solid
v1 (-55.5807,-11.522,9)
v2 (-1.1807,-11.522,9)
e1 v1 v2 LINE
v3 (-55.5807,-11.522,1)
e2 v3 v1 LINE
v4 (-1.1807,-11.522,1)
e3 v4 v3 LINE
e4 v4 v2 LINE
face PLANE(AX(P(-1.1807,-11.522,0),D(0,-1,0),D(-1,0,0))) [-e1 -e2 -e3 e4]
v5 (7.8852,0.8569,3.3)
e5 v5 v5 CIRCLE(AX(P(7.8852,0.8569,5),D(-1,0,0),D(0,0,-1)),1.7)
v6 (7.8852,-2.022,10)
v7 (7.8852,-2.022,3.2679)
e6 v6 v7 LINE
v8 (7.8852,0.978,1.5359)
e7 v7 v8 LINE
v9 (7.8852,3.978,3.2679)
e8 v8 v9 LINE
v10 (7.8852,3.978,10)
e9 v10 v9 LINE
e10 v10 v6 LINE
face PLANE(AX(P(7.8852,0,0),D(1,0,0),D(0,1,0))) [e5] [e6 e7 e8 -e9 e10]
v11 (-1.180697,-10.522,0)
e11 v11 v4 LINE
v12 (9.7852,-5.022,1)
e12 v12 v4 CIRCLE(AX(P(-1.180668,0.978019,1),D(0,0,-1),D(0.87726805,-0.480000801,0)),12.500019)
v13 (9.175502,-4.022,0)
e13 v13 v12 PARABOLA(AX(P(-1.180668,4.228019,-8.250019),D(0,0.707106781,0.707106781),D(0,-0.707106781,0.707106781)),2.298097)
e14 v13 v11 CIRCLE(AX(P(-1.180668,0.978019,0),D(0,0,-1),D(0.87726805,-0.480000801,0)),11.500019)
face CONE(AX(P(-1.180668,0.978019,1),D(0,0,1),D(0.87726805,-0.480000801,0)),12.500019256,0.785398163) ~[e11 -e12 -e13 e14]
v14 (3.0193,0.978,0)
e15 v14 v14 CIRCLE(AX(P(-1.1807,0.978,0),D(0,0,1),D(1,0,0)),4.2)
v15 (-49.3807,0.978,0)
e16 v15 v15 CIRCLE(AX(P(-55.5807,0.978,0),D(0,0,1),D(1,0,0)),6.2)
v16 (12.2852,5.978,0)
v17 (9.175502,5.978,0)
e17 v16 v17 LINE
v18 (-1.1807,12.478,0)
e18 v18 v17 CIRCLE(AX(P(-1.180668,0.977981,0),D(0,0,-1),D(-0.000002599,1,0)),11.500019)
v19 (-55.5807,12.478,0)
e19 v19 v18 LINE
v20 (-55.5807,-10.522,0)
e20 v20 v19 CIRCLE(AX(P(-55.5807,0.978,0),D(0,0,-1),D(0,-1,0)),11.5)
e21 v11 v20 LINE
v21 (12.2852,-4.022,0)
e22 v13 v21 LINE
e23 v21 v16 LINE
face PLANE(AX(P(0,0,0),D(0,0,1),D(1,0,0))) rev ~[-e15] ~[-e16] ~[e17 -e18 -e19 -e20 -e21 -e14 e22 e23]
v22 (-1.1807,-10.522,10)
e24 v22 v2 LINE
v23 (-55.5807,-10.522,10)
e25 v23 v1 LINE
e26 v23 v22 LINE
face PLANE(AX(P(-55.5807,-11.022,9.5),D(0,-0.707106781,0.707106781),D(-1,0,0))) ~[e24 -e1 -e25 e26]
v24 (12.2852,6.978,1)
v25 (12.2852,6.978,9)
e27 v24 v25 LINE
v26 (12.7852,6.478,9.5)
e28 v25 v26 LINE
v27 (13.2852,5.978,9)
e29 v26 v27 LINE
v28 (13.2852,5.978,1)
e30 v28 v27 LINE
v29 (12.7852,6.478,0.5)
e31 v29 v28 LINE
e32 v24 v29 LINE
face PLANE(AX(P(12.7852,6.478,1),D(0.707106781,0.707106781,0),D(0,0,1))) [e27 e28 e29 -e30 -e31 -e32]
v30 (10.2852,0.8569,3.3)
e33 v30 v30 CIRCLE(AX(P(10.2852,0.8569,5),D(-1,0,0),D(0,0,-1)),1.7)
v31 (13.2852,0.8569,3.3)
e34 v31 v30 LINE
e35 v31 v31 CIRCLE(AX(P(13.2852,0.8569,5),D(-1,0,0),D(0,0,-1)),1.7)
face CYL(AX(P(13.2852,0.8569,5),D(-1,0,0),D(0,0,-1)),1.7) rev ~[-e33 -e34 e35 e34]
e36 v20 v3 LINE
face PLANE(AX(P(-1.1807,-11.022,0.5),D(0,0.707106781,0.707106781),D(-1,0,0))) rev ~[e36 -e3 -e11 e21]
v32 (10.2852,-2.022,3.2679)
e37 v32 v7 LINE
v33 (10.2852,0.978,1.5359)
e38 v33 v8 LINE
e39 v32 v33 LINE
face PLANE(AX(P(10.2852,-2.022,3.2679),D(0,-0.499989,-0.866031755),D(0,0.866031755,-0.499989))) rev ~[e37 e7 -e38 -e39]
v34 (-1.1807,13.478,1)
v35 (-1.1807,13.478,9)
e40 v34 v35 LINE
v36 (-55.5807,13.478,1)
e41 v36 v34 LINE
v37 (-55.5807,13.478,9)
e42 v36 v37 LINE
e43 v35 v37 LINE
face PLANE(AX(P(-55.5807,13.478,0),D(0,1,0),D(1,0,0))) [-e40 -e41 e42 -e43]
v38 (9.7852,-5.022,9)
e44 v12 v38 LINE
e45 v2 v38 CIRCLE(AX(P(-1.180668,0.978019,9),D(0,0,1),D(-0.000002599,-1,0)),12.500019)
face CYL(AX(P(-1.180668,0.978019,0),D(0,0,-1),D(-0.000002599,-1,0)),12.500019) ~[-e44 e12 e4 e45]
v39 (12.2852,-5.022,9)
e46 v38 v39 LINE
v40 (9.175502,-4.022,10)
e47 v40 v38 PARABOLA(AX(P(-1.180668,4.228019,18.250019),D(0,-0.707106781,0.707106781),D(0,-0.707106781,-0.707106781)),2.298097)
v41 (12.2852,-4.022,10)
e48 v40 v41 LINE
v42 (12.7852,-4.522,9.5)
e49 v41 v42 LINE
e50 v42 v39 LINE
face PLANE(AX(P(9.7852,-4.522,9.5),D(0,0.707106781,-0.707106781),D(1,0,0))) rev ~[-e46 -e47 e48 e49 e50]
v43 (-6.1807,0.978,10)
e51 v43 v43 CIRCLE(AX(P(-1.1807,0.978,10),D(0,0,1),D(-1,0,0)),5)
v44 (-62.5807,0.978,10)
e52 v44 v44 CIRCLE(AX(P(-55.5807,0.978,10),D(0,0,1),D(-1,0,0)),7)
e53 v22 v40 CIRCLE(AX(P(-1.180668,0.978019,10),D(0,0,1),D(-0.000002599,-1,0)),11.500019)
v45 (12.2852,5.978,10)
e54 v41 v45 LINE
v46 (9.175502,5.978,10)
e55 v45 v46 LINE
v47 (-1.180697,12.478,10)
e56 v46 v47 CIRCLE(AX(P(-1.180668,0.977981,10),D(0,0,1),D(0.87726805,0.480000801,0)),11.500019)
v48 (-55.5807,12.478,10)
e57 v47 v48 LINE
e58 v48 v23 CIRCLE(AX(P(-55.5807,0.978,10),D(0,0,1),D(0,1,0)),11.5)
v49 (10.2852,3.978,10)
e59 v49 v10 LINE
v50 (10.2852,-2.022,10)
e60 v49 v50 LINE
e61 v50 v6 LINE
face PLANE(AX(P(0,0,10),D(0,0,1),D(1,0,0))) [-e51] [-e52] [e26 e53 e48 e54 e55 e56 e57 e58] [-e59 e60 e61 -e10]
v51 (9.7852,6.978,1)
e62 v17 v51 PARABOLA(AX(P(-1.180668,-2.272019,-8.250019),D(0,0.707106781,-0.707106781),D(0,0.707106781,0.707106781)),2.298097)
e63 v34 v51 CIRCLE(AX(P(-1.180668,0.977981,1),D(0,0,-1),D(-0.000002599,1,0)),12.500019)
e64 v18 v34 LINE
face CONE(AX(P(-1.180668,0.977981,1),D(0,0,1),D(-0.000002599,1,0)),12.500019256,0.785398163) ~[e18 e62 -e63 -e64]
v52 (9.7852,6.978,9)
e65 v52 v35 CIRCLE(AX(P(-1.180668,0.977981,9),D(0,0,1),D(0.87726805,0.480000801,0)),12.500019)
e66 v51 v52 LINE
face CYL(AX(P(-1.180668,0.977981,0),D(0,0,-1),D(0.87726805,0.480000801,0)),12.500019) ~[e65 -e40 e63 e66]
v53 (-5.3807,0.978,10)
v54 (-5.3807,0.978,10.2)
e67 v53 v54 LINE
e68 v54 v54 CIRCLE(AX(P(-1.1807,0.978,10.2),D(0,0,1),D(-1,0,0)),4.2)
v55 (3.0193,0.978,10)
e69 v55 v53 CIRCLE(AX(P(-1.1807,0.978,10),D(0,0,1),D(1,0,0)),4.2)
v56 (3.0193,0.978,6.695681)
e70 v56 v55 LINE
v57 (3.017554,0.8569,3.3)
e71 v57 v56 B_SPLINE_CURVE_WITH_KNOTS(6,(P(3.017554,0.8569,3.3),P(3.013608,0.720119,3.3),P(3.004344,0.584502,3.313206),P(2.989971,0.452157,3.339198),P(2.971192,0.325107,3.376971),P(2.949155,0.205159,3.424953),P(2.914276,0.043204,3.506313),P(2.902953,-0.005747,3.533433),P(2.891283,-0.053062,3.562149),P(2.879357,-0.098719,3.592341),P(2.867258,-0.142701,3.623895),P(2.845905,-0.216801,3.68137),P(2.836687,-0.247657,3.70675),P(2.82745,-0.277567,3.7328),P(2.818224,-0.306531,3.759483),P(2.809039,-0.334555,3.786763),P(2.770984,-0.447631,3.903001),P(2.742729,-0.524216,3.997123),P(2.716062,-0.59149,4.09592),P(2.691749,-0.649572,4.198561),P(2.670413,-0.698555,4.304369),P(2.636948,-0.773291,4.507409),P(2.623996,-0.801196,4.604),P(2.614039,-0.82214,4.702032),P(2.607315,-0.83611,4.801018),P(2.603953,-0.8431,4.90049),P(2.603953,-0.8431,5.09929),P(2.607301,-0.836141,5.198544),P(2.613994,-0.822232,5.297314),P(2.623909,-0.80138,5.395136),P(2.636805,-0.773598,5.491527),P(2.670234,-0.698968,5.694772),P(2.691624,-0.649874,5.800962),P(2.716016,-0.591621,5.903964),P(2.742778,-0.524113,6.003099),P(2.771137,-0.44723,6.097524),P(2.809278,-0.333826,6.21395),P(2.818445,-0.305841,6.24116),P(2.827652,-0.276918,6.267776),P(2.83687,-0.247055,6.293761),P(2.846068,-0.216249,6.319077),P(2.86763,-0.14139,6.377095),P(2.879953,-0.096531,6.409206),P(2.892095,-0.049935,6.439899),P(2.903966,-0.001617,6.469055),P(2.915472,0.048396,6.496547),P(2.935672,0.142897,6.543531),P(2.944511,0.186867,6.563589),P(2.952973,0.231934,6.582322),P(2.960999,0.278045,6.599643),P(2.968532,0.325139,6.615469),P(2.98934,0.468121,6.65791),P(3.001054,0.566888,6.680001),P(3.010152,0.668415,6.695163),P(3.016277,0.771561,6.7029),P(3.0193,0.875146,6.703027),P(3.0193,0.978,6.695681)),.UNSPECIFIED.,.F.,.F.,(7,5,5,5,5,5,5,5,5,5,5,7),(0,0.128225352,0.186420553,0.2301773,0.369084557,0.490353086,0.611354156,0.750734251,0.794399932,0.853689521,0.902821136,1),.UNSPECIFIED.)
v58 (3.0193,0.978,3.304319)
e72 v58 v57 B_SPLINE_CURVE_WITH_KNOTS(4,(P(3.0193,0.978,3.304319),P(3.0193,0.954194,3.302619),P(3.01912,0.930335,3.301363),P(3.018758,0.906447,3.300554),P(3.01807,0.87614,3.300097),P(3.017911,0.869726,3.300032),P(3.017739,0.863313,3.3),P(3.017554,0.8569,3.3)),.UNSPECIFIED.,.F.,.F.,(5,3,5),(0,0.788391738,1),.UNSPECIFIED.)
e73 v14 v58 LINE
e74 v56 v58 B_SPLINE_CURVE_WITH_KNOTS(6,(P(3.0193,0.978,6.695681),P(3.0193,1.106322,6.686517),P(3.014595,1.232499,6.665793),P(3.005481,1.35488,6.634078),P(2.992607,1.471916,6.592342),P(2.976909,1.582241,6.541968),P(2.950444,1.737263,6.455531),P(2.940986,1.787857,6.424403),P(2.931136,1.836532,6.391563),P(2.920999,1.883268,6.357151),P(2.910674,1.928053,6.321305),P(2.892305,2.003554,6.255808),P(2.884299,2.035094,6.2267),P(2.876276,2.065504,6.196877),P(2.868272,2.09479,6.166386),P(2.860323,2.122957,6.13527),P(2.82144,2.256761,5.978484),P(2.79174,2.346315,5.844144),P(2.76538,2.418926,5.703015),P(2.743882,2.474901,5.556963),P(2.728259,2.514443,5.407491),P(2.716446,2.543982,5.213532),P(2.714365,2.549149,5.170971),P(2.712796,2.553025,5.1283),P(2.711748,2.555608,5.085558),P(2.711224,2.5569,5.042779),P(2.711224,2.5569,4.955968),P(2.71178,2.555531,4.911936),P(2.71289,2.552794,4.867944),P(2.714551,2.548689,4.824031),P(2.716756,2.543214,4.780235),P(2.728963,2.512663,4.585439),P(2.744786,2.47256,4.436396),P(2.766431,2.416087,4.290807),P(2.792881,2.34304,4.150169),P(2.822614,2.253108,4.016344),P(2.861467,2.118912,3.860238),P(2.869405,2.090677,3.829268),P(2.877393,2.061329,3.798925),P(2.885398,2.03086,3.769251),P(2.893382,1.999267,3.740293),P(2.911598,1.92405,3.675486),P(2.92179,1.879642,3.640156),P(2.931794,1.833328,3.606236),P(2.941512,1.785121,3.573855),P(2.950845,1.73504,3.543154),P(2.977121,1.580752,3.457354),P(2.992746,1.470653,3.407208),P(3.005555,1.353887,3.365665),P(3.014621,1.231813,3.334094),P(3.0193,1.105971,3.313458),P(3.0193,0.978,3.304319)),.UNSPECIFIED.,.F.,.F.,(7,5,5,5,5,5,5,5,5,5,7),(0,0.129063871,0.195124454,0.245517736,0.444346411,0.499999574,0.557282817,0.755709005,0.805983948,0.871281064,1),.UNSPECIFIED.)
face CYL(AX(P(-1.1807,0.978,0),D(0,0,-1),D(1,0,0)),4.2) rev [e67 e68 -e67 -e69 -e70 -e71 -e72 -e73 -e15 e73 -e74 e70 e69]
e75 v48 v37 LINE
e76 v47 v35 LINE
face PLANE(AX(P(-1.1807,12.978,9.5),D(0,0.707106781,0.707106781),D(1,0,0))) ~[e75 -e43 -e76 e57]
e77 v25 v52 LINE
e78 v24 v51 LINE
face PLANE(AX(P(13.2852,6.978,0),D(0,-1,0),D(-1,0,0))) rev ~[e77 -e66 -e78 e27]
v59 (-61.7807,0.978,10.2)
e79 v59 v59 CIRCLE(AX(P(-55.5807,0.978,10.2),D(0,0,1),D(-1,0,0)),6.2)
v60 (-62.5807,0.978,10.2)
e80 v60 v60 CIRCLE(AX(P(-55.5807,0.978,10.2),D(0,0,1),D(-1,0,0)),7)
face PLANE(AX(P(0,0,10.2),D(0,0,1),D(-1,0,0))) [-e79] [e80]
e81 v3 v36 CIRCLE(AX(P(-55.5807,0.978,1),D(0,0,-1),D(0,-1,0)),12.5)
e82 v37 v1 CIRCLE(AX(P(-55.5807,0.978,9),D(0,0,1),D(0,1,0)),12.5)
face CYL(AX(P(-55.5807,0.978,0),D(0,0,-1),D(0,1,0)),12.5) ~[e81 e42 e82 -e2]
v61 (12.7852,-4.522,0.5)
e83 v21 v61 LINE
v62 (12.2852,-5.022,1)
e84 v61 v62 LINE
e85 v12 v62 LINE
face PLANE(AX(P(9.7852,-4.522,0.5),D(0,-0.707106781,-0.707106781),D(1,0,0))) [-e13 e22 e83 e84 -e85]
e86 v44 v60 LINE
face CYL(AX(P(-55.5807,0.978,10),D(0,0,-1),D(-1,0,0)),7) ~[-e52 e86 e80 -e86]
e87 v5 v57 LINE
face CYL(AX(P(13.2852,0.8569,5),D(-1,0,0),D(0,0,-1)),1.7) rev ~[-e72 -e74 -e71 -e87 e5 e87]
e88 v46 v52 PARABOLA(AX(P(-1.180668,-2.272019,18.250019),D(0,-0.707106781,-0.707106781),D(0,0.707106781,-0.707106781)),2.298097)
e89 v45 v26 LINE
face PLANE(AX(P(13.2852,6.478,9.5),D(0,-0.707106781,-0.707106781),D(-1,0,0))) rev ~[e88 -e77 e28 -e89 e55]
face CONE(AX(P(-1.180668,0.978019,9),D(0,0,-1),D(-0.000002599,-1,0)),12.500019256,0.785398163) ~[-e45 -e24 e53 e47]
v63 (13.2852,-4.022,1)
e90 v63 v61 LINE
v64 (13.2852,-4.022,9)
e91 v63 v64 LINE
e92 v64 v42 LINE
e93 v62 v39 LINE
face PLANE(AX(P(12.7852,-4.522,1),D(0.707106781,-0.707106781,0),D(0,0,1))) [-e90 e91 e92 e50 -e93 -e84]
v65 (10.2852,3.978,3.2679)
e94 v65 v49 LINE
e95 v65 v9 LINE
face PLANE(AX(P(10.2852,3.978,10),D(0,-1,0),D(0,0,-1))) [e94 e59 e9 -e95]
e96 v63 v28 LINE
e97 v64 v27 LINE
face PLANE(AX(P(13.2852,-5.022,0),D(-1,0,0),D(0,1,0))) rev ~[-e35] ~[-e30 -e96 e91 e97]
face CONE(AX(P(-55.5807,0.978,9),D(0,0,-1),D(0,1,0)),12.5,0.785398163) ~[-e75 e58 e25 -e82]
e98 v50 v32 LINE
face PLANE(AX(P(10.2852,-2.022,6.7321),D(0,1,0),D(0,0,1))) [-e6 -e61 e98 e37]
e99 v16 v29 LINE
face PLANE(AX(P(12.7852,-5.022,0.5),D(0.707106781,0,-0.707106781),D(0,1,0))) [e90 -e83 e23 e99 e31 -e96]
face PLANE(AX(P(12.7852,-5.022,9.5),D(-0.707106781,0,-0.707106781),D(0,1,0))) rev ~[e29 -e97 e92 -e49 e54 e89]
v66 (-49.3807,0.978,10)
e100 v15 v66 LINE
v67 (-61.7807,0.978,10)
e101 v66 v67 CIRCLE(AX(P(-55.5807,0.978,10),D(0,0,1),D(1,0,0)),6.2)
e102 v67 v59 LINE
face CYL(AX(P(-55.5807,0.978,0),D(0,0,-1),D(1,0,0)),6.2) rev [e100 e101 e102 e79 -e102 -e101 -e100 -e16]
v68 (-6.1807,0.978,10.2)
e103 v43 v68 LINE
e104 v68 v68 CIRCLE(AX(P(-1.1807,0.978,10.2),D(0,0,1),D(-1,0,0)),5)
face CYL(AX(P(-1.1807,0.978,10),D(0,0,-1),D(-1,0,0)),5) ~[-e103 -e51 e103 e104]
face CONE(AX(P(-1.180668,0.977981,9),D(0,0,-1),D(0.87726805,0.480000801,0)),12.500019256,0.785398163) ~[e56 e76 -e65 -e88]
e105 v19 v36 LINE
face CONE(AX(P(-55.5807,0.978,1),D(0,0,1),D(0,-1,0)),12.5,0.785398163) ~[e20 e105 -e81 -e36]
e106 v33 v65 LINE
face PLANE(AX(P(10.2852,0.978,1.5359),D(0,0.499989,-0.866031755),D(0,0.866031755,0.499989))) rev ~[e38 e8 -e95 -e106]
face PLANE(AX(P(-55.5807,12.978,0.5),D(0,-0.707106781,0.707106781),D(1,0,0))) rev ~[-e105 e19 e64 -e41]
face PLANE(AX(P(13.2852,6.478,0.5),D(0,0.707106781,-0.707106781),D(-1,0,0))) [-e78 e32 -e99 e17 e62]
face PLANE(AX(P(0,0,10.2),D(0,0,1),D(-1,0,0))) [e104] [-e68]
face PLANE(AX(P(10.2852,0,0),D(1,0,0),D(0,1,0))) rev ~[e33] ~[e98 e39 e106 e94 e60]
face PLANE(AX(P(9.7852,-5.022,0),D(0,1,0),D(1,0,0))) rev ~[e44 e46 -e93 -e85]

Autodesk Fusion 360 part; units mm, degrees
sketch "Esquisse1" plane through (0, 0, 0) normal (0, 0, 1) x (1, 0, 0)
  circle A0 centre (-55.5807, 0.978) radius 6.2
  circle A1 centre (-1.1807, 0.978) radius 4.2
  line L0 (-55.5807, 13.478) -> (-1.1807, 13.478)
  line L1 (-1.1807, 13.478) -> (-1.1807, -11.522) construction
  line L2 (-1.1807, -11.522) -> (-55.5807, -11.522)
  line L3 (-55.5807, -11.522) -> (-55.5807, 13.478) construction
  arc A2 (-55.5807, 13.478) -> (-55.5807, -11.522) centre (-55.5807, 0.978) ccw
  line L4 (9.7852, -5.022) -> (13.2852, -5.022)
  line L5 (13.2852, -5.022) -> (13.2852, 6.978)
  line L6 (13.2852, 6.978) -> (9.7852, 6.978)
  arc A3 (-1.1807, -11.522) -> (9.7852, -5.022) centre (-1.1807, 0.978) ccw
  arc A4 (9.7852, 6.978) -> (-1.1807, 13.478) centre (-1.1807, 0.978) ccw
  dimension "d1" = 54.4
  dimension "d2" = 12.4
  dimension "d3" = 8.4
  dimension "d4" = 25
  dimension "d5" = 12.5
  dimension "d7" = 12
  dimension "d8" = 3.5
extrude "Extrusion1" add sketch "Esquisse1" along normal blind 10
sketch "Esquisse2" plane through (0, 0, 10) normal (0, 0, 1) x (-1, 0, 0)
  circle A0 centre (55.5807, -0.978) radius 6.2
  circle A1 centre (1.1807, -0.978) radius 4.2
  arc A2 (1.1807, 11.522) -> (-9.7852, 5.022) centre (1.1807, -0.978) ccw
  line L0 (-9.7852, 5.022) -> (-13.2852, 5.022)
  line L1 (-13.2852, 5.022) -> (-13.2852, -6.978)
  line L2 (-13.2852, -6.978) -> (-9.7852, -6.978)
  arc A3 (-9.7852, -6.978) -> (1.1807, -13.478) centre (1.1807, -0.978) ccw
  line L3 (1.1807, -13.478) -> (55.5807, -13.478)
  arc A4 (55.5807, -13.478) -> (55.5807, 11.522) centre (55.5807, -0.978) ccw
  line L4 (55.5807, 11.522) -> (1.1807, 11.522)
  circle A5 centre (55.5807, -0.978) radius 7
  circle A6 centre (1.1807, -0.978) radius 5
  dimension "d11" = 14
  dimension "d12" = 10
extrude "Extrusion2" add sketch "Esquisse2" along normal blind 0.2 contours A5 | A6
ref_plane "Plan de construction2" through (10.2852, 0.978, 5) normal (1, 0, 0) x (0, 1, 0)
sketch "Esquisse3" plane through (10.2852, 0, 0) normal (1, 0, 0) x (0, 1, 0)
  line L0 (-5.022, 0) -> (6.978, 0)
  line L1 (6.978, 0) -> (6.978, 10)
  line L2 (6.978, 10) -> (-5.022, 10)
  line L3 (-5.022, 10) -> (-5.022, 0)
  line L4 (-2.022, 10) -> (3.978, 10)
  line L5 (3.978, 10) -> (3.978, 5)
  line L6 (3.978, 5) -> (-2.022, 5) construction
  line L7 (-2.022, 5) -> (-2.022, 10)
  line L8 (0.978, 5) -> (0.978, 1.9) construction
  line L9 (-2.022, 6.7321) -> (-2.022, 3.2679)
  line L10 (-2.022, 3.2679) -> (0.978, 1.5359)
  line L11 (0.978, 1.5359) -> (3.978, 3.2679)
  line L12 (3.978, 3.2679) -> (3.978, 6.7321)
  point P0 (0.978, 5)
  dimension "d15" = 3.1
  dimension "d16" = 5
  dimension "d17" = 6
  dimension "d18" = 12
  dimension "d19" = 3
extrude "Extrusion3" cut sketch "Esquisse3" against normal blind 2.4 contours L2 L4 L5 L7 L9 L10 L11 L12
hole "Perçage1" at (13.2852, 0.8569, 5) direction (-1, 0, 0) diameter 3.4 depth 11 tip angle 180
chamfer "Chanfrein1" distance 1 angle 45 16 edges at (5.1931, -9.7749, 10) (5.1931, 11.7309, 10) (-28.3807, 13.478, 10) (-68.0807, 0.978, 10) (-28.3807, -11.522, 10) (-28.3807, -11.522, 0) (-68.0807, 0.978, 0) (-28.3807, 13.478, 0) (5.1931, 11.7309, 0) (5.1931, -9.7749, 0) (11.5352, -5.022, 0) (11.5352, -5.022, 10) (13.2852, 0.978, 0) (13.2852, 0.978, 10) (11.5352, 6.978, 10) (11.5352, 6.978, 0)
chamfer "Chanfrein2" distance 1 angle 45 2 edges at (13.2852, 6.978, 5) (13.2852, -5.022, 5)
equation "d5 = d4 / 2"
equation "d19 = ( d18 - d17 ) / 2"
